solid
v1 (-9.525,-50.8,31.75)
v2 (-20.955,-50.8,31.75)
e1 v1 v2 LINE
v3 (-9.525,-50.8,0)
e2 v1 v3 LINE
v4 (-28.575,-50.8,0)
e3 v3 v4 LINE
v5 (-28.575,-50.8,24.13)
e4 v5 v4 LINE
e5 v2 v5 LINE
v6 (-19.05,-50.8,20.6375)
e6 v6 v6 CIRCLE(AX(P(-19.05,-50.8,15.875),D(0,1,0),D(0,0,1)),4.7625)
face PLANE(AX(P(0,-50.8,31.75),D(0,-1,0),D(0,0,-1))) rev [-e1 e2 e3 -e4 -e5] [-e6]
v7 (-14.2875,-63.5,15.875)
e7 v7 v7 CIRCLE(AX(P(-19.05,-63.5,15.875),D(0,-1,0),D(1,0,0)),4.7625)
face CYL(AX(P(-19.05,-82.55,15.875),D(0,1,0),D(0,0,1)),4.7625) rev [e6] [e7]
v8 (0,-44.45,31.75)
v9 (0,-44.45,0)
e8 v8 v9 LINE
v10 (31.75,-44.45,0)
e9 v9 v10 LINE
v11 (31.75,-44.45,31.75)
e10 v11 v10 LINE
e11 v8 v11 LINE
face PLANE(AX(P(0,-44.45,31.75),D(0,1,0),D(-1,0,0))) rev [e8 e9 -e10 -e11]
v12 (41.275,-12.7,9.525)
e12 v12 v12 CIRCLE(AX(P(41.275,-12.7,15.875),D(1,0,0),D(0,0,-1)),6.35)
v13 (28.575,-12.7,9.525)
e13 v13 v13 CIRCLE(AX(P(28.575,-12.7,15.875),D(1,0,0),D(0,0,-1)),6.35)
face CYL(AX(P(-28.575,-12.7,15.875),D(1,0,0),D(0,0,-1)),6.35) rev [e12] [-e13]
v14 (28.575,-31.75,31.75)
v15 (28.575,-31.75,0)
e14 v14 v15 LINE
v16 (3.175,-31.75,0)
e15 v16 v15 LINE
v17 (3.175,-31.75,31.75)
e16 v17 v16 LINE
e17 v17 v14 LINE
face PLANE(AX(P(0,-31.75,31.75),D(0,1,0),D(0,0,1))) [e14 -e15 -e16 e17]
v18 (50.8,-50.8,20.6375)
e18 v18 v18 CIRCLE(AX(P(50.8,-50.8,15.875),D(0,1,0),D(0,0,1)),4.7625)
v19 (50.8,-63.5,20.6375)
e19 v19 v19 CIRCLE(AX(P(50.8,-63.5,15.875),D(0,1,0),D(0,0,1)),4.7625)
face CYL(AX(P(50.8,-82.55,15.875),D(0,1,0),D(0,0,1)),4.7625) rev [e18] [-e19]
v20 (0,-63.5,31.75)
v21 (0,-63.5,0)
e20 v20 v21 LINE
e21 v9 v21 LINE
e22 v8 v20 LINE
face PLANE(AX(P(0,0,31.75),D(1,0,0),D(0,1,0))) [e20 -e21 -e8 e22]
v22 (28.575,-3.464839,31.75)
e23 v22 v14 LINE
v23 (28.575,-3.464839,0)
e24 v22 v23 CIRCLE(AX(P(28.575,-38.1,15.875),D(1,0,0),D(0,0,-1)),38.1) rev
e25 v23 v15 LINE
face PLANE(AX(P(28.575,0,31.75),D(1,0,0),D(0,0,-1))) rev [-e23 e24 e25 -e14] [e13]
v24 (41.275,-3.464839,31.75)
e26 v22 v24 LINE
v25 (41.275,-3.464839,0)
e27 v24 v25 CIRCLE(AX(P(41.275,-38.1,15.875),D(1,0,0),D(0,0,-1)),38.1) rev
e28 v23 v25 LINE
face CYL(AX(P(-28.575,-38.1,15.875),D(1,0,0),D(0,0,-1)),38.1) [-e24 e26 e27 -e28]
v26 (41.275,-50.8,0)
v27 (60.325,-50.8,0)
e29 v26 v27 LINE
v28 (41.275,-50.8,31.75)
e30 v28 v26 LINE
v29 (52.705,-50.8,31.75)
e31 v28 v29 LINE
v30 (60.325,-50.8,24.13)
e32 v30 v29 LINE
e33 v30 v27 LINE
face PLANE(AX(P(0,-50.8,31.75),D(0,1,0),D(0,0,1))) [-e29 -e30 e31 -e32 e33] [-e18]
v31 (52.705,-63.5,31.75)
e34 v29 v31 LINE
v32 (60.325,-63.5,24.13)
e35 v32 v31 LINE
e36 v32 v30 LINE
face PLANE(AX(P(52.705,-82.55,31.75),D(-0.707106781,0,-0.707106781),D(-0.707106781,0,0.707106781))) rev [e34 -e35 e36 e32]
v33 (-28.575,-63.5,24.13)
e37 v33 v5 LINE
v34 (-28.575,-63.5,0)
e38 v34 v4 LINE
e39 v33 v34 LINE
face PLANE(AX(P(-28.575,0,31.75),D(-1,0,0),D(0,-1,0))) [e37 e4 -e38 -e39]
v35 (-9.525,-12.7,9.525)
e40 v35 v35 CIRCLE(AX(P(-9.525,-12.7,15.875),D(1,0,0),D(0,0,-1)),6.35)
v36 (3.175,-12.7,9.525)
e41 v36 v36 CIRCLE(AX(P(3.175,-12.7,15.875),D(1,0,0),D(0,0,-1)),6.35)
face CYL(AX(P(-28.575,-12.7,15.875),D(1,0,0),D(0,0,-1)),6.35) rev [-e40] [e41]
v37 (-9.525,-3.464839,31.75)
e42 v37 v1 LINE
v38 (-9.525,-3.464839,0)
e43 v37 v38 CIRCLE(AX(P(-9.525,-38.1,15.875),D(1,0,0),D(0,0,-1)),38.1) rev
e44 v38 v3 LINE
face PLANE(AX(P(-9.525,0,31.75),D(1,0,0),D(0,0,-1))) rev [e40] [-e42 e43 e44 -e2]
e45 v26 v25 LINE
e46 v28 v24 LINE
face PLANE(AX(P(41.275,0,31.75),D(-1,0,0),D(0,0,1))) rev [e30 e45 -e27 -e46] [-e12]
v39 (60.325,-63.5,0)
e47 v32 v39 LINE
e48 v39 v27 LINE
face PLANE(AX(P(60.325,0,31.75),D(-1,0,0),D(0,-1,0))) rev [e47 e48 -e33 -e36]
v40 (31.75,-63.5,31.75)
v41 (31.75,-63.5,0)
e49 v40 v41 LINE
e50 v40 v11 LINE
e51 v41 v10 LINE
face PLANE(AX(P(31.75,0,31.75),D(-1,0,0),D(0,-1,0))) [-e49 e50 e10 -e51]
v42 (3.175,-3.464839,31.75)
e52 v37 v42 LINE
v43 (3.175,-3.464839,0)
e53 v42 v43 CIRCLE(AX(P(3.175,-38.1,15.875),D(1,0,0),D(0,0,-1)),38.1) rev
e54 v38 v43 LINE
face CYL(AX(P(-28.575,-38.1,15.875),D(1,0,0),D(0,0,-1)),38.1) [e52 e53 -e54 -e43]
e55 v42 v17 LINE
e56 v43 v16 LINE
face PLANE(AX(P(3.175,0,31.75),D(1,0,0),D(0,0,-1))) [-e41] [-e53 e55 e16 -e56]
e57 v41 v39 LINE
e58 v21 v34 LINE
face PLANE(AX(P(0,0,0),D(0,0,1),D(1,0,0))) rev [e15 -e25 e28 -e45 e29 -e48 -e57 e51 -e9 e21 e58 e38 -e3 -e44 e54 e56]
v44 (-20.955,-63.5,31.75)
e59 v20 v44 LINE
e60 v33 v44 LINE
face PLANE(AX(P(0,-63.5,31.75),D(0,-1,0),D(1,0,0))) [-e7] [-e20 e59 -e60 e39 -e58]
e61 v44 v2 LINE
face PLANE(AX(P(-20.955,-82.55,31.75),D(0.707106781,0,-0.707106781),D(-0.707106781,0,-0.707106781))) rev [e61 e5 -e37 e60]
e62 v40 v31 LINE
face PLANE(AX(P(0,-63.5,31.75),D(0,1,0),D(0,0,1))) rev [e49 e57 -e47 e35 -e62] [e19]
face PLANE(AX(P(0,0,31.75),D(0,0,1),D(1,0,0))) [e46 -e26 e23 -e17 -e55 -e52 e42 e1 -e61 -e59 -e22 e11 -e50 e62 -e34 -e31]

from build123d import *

# Parameters (mm, degrees)
SKETCH1_W           = 19.05
SKETCH1_H           = 12.7
SKETCH1_W_2         = 9.525
SKETCH1_H_2         = 63.5
SKETCH1_W_3         = 3.175
SKETCH1_H_3         = 31.75
BOSS_EXTRUDE1_DEPTH = 31.75
CUT_EXTRUDE1_DEPTH  = 31.75
SKETCH3_R           = 4.7625
CUT_EXTRUDE2_DEPTH  = 31.75
SKETCH4_R           = 6.35
CUT_EXTRUDE3_DEPTH  = 100.595858348


with BuildPart() as part:
    # Sketch1 → Boss-Extrude1 (new body)
    with BuildSketch(Plane.XY):
        with Locations((-19.05, -57.15)):
            Rectangle(SKETCH1_W, SKETCH1_H)
        with Locations((-4.7625, -31.75)):
            Rectangle(SKETCH1_W_2, SKETCH1_H_2)
        with Locations((1.5875, -15.875)):
            Rectangle(SKETCH1_W_3, SKETCH1_H_3)
        Polygon((3.175, -31.75), (0, -31.75), (0, -44.45), (31.75, -44.45), (31.75, -31.75), (28.575, -31.75), align=None)
        with Locations((30.1625, -15.875)):
            Rectangle(SKETCH1_W_3, SKETCH1_H_3)
        Polygon((31.75, -31.75), (31.75, -44.45), (31.75, -63.5), (41.275, -63.5), (41.275, -50.8), (41.275, 0), (31.75, 0), align=None)
        with Locations((50.8, -57.15)):
            Rectangle(SKETCH1_W, SKETCH1_H)
    extrude(amount=BOSS_EXTRUDE1_DEPTH)

    # Sketch2 → Cut-Extrude1 (cut)
    with BuildSketch(Plane(origin=(0, -50.8, 0), x_dir=(1, 0, 0), z_dir=(0, 1, 0))):
        Polygon((-20.955, -31.75), (-28.575, -24.13), (-28.575, -31.75), align=None)
        Polygon((52.705, -31.75), (60.325, -24.13), (60.325, -31.75), align=None)
    extrude(amount=-CUT_EXTRUDE1_DEPTH, mode=Mode.SUBTRACT)

    # Sketch3 → Cut-Extrude2 (cut)
    with BuildSketch(Plane(origin=(0, -50.8, 0), x_dir=(1, 0, 0), z_dir=(0, 1, 0))):
        with Locations(Location((-19.05, -15.875, 0), (0, 0, 270))):
            Circle(SKETCH3_R)
        with Locations(Location((50.8, -15.875, 0), (0, 0, 270))):
            Circle(SKETCH3_R)
    extrude(amount=-CUT_EXTRUDE2_DEPTH, mode=Mode.SUBTRACT)

    # Sketch4 → Cut-Extrude3 (cut, through all)
    with BuildSketch(Plane(origin=(41.275, 0, 0), x_dir=(0, 0, -1), z_dir=(1, 0, 0))):
        with Locations((-15.875, -12.7)):
            Circle(SKETCH4_R)
        with BuildLine():
            Line((0, 0), (-15.875, 0))
            ThreePointArc((-15.875, 0), (-7.750642571, -0.876286908), (0, -3.464839036))
            Line((0, -3.464839036), (0, 0))
        make_face()
        with BuildLine():
            Line((-15.875, 0), (-31.75, 0))
            Line((-31.75, 0), (-31.75, -3.464839036))
            ThreePointArc((-31.75, -3.464839036), (-23.999357429, -0.876286908), (-15.875, 0))
        make_face()
    extrude(amount=-CUT_EXTRUDE3_DEPTH, mode=Mode.SUBTRACT)


solid = part.part
